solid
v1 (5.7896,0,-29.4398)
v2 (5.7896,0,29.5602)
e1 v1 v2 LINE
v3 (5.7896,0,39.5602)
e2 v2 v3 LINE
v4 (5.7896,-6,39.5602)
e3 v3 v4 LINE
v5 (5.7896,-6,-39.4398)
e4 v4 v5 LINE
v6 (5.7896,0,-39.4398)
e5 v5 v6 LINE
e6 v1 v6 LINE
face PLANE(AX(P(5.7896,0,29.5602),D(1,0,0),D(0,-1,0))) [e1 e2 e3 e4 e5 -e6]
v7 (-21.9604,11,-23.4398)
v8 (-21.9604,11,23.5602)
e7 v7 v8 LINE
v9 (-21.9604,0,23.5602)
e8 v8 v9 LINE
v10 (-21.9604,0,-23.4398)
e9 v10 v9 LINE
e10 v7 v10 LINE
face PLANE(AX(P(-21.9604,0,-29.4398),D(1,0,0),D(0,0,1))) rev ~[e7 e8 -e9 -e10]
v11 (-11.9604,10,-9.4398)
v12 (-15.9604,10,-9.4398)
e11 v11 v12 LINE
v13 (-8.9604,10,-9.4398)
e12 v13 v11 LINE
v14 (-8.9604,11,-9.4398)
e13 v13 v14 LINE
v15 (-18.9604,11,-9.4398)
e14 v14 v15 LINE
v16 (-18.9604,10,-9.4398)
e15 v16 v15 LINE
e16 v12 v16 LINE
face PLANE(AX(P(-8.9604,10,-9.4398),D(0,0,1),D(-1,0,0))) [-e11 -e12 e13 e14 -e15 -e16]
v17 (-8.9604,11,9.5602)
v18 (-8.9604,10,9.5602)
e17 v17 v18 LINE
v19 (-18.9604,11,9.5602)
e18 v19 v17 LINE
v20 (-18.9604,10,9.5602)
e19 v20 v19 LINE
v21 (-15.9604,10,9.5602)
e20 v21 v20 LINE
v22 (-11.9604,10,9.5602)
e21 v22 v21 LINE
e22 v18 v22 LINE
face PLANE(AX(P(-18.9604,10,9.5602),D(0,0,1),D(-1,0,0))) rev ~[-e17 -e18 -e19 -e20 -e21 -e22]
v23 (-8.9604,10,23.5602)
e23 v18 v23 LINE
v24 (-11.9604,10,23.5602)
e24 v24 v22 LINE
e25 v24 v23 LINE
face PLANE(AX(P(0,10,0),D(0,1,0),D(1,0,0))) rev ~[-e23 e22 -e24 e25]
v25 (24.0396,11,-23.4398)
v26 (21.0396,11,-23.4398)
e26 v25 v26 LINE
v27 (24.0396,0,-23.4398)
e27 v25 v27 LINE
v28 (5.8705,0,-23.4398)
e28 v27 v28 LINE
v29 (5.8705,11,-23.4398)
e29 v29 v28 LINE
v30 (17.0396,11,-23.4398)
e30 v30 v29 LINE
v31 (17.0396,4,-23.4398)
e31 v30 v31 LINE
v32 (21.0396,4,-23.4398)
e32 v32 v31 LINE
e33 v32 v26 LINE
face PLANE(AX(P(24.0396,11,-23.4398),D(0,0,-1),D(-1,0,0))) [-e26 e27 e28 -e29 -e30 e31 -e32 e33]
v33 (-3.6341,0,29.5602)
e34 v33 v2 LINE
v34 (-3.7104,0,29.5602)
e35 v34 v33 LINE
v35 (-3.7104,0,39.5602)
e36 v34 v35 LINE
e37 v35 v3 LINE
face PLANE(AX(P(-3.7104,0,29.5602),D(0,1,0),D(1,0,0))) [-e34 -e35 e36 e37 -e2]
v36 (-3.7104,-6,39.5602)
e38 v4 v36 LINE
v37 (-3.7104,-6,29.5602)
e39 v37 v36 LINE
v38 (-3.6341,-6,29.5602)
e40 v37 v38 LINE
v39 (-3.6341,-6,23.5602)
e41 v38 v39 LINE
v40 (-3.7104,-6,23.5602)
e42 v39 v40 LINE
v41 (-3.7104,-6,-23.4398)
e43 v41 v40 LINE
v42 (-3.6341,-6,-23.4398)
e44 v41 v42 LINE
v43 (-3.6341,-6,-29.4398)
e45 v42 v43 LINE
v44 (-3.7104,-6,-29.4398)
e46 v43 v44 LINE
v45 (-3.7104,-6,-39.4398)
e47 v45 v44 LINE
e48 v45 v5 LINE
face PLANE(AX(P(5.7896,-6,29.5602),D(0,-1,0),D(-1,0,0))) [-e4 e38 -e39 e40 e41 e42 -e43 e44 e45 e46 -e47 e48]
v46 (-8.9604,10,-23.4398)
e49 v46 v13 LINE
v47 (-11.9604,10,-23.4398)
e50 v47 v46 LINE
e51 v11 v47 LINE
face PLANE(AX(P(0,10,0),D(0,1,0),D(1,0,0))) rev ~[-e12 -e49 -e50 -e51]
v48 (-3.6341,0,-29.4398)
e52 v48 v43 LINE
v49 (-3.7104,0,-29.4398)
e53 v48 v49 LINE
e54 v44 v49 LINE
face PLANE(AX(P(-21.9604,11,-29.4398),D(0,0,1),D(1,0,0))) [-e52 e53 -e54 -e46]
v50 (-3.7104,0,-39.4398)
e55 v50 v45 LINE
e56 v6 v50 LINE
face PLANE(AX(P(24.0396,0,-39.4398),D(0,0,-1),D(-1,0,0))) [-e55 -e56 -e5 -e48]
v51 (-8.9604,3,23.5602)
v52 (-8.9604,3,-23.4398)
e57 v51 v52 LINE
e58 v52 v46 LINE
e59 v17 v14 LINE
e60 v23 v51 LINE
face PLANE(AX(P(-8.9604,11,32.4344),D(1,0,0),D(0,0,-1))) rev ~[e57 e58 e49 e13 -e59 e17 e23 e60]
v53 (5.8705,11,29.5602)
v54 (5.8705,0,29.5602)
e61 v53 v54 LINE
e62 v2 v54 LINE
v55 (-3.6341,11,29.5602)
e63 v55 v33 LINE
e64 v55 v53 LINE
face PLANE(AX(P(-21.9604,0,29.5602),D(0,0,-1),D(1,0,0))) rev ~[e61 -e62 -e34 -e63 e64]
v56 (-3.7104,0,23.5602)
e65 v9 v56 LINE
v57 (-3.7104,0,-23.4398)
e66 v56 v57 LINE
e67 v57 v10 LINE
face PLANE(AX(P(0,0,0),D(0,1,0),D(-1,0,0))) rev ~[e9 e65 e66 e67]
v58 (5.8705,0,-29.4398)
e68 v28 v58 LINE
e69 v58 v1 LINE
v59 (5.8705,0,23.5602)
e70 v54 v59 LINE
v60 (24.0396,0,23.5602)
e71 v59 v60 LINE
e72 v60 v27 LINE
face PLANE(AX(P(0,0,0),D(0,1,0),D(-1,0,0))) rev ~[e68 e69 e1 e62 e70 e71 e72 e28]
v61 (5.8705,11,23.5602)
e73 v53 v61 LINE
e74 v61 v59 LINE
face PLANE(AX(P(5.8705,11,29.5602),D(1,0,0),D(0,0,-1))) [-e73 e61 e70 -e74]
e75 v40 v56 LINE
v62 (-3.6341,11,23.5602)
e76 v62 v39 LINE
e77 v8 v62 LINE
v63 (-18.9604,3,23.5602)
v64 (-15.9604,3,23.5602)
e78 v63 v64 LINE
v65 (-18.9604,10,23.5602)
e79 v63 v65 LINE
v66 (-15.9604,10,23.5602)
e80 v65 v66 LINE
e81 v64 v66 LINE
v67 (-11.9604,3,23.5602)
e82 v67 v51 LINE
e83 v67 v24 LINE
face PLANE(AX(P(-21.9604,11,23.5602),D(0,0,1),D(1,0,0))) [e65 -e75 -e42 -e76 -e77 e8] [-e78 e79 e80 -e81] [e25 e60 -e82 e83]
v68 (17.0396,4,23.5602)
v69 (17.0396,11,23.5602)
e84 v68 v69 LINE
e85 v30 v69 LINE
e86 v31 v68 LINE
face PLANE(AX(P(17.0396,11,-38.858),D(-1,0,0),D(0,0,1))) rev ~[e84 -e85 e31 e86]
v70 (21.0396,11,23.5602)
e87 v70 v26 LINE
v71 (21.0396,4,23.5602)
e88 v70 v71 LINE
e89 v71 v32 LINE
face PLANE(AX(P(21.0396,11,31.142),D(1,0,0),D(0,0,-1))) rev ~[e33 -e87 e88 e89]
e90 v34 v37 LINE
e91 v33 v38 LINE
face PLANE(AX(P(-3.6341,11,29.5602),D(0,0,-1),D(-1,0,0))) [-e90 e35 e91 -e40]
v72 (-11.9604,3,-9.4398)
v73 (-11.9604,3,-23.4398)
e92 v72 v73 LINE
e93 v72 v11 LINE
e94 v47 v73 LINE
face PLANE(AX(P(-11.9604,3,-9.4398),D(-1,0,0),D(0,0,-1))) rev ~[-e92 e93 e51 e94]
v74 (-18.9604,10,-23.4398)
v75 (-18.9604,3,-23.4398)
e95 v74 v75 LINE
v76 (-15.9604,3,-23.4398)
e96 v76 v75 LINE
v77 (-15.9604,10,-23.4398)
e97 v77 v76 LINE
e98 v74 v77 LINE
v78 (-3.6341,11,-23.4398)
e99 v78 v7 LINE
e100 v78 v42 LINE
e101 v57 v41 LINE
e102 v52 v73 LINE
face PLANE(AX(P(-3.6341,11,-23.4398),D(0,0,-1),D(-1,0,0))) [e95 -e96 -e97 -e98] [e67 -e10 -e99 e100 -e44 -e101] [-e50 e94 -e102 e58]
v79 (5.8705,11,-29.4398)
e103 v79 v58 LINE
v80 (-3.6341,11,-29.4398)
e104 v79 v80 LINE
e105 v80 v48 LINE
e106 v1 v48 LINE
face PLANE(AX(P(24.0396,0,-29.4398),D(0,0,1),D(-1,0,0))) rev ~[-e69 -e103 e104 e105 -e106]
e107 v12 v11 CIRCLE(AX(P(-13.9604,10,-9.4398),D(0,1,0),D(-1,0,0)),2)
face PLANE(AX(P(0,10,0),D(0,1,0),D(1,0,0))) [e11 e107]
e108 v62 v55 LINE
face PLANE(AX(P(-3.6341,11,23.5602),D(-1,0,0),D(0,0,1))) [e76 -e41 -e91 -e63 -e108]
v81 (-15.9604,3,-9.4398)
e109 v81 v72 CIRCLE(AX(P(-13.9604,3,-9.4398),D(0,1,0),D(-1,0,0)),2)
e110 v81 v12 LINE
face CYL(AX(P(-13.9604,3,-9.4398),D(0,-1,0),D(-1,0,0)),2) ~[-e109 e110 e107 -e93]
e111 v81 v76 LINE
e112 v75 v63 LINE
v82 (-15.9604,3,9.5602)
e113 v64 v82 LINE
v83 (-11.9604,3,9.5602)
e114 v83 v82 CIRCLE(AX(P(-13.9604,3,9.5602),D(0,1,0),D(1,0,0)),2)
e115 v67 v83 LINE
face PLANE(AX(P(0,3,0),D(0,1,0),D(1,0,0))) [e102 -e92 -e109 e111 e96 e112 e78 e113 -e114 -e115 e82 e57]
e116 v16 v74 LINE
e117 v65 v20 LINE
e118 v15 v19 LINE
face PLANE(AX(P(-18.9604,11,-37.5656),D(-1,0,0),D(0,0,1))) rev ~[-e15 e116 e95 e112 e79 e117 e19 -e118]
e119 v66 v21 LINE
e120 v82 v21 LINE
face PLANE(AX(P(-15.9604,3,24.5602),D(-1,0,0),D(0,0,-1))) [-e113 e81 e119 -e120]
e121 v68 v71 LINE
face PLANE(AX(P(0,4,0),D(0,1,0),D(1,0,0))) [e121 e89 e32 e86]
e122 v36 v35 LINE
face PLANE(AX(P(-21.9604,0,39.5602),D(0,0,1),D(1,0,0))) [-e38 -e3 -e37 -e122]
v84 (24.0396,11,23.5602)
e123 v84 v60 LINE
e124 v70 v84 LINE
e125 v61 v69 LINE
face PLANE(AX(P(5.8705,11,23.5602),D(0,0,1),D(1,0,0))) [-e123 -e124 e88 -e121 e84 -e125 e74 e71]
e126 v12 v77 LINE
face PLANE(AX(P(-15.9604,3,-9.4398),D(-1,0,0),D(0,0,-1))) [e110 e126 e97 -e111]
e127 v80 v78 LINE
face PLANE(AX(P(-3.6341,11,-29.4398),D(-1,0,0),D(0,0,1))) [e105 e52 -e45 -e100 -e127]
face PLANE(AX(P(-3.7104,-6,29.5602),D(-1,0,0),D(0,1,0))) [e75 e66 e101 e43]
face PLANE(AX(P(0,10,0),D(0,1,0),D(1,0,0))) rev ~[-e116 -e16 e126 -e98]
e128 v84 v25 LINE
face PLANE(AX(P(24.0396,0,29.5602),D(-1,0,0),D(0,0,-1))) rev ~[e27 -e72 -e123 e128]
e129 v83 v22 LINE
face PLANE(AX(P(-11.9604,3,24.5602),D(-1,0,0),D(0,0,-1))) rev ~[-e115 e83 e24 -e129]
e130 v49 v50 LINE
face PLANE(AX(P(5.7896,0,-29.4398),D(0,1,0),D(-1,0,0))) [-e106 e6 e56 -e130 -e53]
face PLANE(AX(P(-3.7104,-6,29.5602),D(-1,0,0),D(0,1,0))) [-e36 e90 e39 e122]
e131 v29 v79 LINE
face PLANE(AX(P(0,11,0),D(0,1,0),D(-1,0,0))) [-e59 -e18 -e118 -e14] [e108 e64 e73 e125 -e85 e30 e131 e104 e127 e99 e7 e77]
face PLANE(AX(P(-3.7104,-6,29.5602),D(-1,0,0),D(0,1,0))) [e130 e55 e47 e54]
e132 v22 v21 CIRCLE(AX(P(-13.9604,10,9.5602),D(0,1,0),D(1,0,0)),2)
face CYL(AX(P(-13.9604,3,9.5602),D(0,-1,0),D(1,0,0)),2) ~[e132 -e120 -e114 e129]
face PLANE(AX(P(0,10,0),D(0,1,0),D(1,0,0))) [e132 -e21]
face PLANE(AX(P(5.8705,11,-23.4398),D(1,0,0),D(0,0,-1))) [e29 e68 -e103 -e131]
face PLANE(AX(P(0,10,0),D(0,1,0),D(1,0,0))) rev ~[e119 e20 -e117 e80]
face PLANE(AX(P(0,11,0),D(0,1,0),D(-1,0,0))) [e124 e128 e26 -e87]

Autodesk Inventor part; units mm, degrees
ref_plane "YZ Plane" through (0, 0, 0) normal (1, 0, 0) x (0, 1, 0)
ref_plane "XZ Plane" through (0, 0, 0) normal (0, 1, 0) x (-1, 0, 0)
ref_plane "XY Plane" through (0, 0, 0) normal (0, 0, 1) x (1, 0, 0)
sketch "Sketch1" plane through (0, 0, 0) normal (0, 1, 0) x (-1, 0, 0)
  line L0 (21.9604, 29.5602) -> (-24.0396, 29.5602)
  line L1 (-24.0396, 29.5602) -> (-24.0396, -29.4398)
  line L2 (-24.0396, -29.4398) -> (21.9604, -29.4398)
  line L3 (21.9604, -29.4398) -> (21.9604, 29.5602)
  dimension "d0" = 46
  dimension "d1" = 59
extrude "Extrusion1" add sketch "Sketch1" along normal blind 11
sketch "Sketch2" plane through (0, 11, 0) normal (0, 1, 0) x (1, 0, 0)
  line L0 (-18.9604, -32.4344) -> (-8.9604, -32.4344)
  line L1 (-8.9604, -32.4344) -> (-8.9604, 37.5656)
  line L2 (-8.9604, 37.5656) -> (-18.9604, 37.5656)
  line L3 (-18.9604, 37.5656) -> (-18.9604, -32.4344)
  line L4 (-21.9604, 29.4398) -> (-21.9604, -29.5602) projected
  point P0 (0, 0)
  dimension "d4" = 10
  dimension "d5" = 70
  dimension "d6" = 3
extrude "Extrusion2" cut sketch "Sketch2" against normal blind 8
sketch "Sketch3" plane through (0, 11, 0) normal (0, 1, 0) x (1, 0, 0)
  line L0 (17.0396, -31.142) -> (21.0396, -31.142)
  line L1 (21.0396, -31.142) -> (21.0396, 38.858)
  line L2 (21.0396, 38.858) -> (17.0396, 38.858)
  line L3 (17.0396, 38.858) -> (17.0396, -31.142)
  line L4 (24.0396, -29.5602) -> (24.0396, 29.4398) projected
  point P0 (0, 0)
  dimension "d9" = 4
  dimension "d10" = 70
  dimension "d11" = 3
extrude "Extrusion3" cut sketch "Sketch3" against normal blind 7
sketch "Sketch4" plane through (0, 3, 0) normal (0, 1, 0) x (1, 0, 0)
  line L0 (-15.9604, -24.5602) -> (-15.9604, -9.5602)
  line L1 (-11.9604, -24.5602) -> (-11.9604, -9.5602)
  arc A0 (-11.9604, -9.5602) -> (-15.9604, -9.5602) centre (-13.9604, -9.5602) ccw
  arc A1 (-15.9604, -24.5602) -> (-11.9604, -24.5602) centre (-13.9604, -24.5602) ccw
  line L2 (-18.9604, -29.5602) -> (-18.9604, 29.4398) projected
  line L3 (-8.9604, 29.4398) -> (-8.9604, -29.5602) projected
  line L4 (-8.9604, -29.5602) -> (-18.9604, -29.5602) projected
  line L5 (-15.9604, 9.4398) -> (-15.9604, 24.4398)
  line L6 (-11.9604, 9.4398) -> (-11.9604, 24.4398)
  arc A2 (-11.9604, 24.4398) -> (-15.9604, 24.4398) centre (-13.9604, 24.4398) ccw
  arc A3 (-15.9604, 9.4398) -> (-11.9604, 9.4398) centre (-13.9604, 9.4398) ccw
  line L7 (-18.9604, 29.4398) -> (-8.9604, 29.4398) projected
  point P0 (0, 0)
  point P1 (-13.9604, 29.4398)
  point P2 (-11.9604, 16.9398)
  point P3 (-15.9604, 16.9398)
  dimension "d14" = 4
  dimension "d21" = 3
  dimension "d22" = 3
  dimension "d31" = 5
  dimension "d32" = 15
  dimension "d43" = 15
  dimension "d44" = 5
  dimension "d45" = 4
  dimension "d46" = 3
  dimension "d47" = 3
extrude "Extrusion4" add sketch "Sketch4" along normal blind 7 contours L0 A0 L1 A1 | L5 A2 L6 A3
sketch "Sketch6" plane through (0, 10, 0) normal (0, 1, 0) x (1, 0, 0)
  line L0 (-19.9604, -23.5602) -> (-7.9604, -23.5602)
  line L1 (-7.9604, -23.5602) -> (-7.9604, -9.5602)
  line L2 (-7.9604, -9.5602) -> (-19.9604, -9.5602)
  line L3 (-19.9604, -9.5602) -> (-19.9604, -23.5602)
  arc A0 (-11.9604, -9.5602) -> (-15.9604, -9.5602) centre (-13.9604, -9.5602) ccw projected
  line L4 (-15.9604, -9.5602) -> (-15.9604, -24.5602) projected
  line L5 (-18.9604, -29.5602) -> (-18.9604, 29.4398) projected
  line L6 (-8.9604, 29.4398) -> (-8.9604, -29.5602) projected
  line L7 (-19.9604, 9.4398) -> (-19.9604, 23.4398)
  line L8 (-19.9604, 23.4398) -> (-7.9604, 23.4398)
  line L9 (-7.9604, 23.4398) -> (-7.9604, 9.4398)
  line L10 (-7.9604, 9.4398) -> (-19.9604, 9.4398)
  point P0 (0, 0)
  point P1 (-13.9604, -7.5602)
  point P2 (-19.9604, -16.5602)
  point P3 (-7.9604, 16.4398)
  point P4 (-19.9604, 16.4398)
  point P5 (-18.9604, 9.4398)
  point P6 (-8.9604, 9.4398)
  point P7 (-8.9604, 23.4398)
  point P8 (-18.9604, 23.4398)
  dimension "d33" = 14
  dimension "d35" = 0
  dimension "d37" = 1
  dimension "d41" = 12
  dimension "d48" = 14
  dimension "d49" = 12
  dimension "d62" = 19
extrude "Extrusion6" add sketch "Sketch6" along normal blind 1 contours L3 L2 L5 L0 | L5 L2 L4 L0 | L4 L2 L6 L0 | L6 L2 L1 L0 | L5 L8 L6 L10
sketch "Sketch8" plane through (0, 0, 0) normal (0, -1, 0) x (1, 0, 0)
  line L0 (5.7896, 31.0602) -> (-3.7104, 31.0602)
  line L1 (-3.7104, 31.0602) -> (-3.7104, -30.9398)
  line L2 (-3.7104, -30.9398) -> (5.7896, -30.9398)
  line L3 (5.7896, -30.9398) -> (5.7896, 31.0602)
  line L4 (-21.9604, 29.5602) -> (24.0396, 29.5602) projected
  line L5 (24.0396, -29.4398) -> (-21.9604, -29.4398) projected
  line L6 (24.0396, 29.5602) -> (24.0396, -29.4398) projected
  line L7 (-21.9604, -29.4398) -> (-21.9604, 29.5602) projected
  point P0 (0, 0)
  point P1 (-3.7104, -29.4398)
  point P2 (5.7896, -29.4398)
  point P3 (5.7896, 29.5602)
  point P4 (-3.7104, 29.5602)
  dimension "d50" = 9.5
  dimension "d51" = 62
  dimension "d52" = 1.5
  dimension "d53" = 1.5
  dimension "d54" = 18.25
  dimension "d55" = 18.25
extrude "Extrusion7" add sketch "Sketch8" along normal blind 6 contours L3 L5 L1 L4
sketch "Sketch9" plane through (24.0396, 0, -29.4398) normal (0, 0, -1) x (-1, 0, 0)
  point P0 (24.0396, 0)
sketch "Sketch10" plane through (24.0396, 0, -29.4398) normal (0, 0, -1) x (-1, 0, 0)
  line L0 (0, 0) -> (18.25, 0) projected
  line L1 (27.75, 0) -> (27.75, -6) projected
  line L2 (18.25, 0) -> (27.75, 0)
  line L3 (27.75, 0) -> (27.75, -6)
  line L4 (27.75, -6) -> (18.25, -6)
  line L5 (18.25, -6) -> (18.25, 0)
  point P0 (24.0396, 0)
extrude "Extrusion8" add sketch "Sketch10" along normal blind 10
sketch "Sketch11" plane through (-21.9604, 0, 29.5602) normal (0, 0, 1) x (1, 0, 0)
  line L0 (0, 0) -> (18.25, 0) projected
  line L1 (18.25, 0) -> (27.75, 0)
  line L2 (27.75, 0) -> (27.75, -6)
  line L3 (27.75, -6) -> (18.25, -6)
  line L4 (18.25, -6) -> (18.25, 0)
  point P0 (21.9604, 0)
extrude "Extrusion9" add sketch "Sketch11" along normal blind 10
sketch "Sketch12" plane through (0, 11, 0) normal (0, 1, 0) x (1, 0, 0)
  line L0 (24.0396, -29.5602) -> (24.0396, 29.4398) projected
  line L1 (-21.9604, 29.4398) -> (-21.9604, -29.5602) projected
  line L2 (24.0396, -29.5602) -> (-21.9604, -29.5602)
  line L3 (-21.9604, -29.5602) -> (-21.9604, -23.5602)
  line L4 (24.0396, -23.5602) -> (24.0396, -29.5602)
  line L5 (-21.9604, 29.4398) -> (24.0396, 29.4398)
  line L6 (24.0396, 29.4398) -> (24.0396, 23.4398)
  line L7 (-21.9604, 23.4398) -> (-21.9604, 29.4398)
  line L8 (-21.9604, -23.5602) -> (-3.6341, -23.5602)
  line L9 (5.8705, -23.5602) -> (24.0396, -23.5602)
  line L10 (24.0396, 23.4398) -> (5.8705, 23.4398)
  line L11 (-3.6341, 23.4398) -> (-21.9604, 23.4398)
  line L12 (-3.6341, 29.4398) -> (-3.6341, 23.4398)
  line L13 (-3.6341, -23.5602) -> (-3.6341, -29.5602)
  line L14 (5.8705, -29.5602) -> (5.8705, -23.5602)
  line L15 (5.8705, 23.4398) -> (5.8705, 29.4398)
  point P0 (0, 0)
  point P1 (-21.9604, -29.5602)
  dimension "d63" = 6
  dimension "d64" = 6
extrude "Extrusion10" cut sketch "Sketch12" against normal blind 100 contours L2 L14 L9 L0 | L10 L15 L5 L0 | L2 L1 L8 L13 | L12 L11 L1 L5
properties part number "table_bridge"
